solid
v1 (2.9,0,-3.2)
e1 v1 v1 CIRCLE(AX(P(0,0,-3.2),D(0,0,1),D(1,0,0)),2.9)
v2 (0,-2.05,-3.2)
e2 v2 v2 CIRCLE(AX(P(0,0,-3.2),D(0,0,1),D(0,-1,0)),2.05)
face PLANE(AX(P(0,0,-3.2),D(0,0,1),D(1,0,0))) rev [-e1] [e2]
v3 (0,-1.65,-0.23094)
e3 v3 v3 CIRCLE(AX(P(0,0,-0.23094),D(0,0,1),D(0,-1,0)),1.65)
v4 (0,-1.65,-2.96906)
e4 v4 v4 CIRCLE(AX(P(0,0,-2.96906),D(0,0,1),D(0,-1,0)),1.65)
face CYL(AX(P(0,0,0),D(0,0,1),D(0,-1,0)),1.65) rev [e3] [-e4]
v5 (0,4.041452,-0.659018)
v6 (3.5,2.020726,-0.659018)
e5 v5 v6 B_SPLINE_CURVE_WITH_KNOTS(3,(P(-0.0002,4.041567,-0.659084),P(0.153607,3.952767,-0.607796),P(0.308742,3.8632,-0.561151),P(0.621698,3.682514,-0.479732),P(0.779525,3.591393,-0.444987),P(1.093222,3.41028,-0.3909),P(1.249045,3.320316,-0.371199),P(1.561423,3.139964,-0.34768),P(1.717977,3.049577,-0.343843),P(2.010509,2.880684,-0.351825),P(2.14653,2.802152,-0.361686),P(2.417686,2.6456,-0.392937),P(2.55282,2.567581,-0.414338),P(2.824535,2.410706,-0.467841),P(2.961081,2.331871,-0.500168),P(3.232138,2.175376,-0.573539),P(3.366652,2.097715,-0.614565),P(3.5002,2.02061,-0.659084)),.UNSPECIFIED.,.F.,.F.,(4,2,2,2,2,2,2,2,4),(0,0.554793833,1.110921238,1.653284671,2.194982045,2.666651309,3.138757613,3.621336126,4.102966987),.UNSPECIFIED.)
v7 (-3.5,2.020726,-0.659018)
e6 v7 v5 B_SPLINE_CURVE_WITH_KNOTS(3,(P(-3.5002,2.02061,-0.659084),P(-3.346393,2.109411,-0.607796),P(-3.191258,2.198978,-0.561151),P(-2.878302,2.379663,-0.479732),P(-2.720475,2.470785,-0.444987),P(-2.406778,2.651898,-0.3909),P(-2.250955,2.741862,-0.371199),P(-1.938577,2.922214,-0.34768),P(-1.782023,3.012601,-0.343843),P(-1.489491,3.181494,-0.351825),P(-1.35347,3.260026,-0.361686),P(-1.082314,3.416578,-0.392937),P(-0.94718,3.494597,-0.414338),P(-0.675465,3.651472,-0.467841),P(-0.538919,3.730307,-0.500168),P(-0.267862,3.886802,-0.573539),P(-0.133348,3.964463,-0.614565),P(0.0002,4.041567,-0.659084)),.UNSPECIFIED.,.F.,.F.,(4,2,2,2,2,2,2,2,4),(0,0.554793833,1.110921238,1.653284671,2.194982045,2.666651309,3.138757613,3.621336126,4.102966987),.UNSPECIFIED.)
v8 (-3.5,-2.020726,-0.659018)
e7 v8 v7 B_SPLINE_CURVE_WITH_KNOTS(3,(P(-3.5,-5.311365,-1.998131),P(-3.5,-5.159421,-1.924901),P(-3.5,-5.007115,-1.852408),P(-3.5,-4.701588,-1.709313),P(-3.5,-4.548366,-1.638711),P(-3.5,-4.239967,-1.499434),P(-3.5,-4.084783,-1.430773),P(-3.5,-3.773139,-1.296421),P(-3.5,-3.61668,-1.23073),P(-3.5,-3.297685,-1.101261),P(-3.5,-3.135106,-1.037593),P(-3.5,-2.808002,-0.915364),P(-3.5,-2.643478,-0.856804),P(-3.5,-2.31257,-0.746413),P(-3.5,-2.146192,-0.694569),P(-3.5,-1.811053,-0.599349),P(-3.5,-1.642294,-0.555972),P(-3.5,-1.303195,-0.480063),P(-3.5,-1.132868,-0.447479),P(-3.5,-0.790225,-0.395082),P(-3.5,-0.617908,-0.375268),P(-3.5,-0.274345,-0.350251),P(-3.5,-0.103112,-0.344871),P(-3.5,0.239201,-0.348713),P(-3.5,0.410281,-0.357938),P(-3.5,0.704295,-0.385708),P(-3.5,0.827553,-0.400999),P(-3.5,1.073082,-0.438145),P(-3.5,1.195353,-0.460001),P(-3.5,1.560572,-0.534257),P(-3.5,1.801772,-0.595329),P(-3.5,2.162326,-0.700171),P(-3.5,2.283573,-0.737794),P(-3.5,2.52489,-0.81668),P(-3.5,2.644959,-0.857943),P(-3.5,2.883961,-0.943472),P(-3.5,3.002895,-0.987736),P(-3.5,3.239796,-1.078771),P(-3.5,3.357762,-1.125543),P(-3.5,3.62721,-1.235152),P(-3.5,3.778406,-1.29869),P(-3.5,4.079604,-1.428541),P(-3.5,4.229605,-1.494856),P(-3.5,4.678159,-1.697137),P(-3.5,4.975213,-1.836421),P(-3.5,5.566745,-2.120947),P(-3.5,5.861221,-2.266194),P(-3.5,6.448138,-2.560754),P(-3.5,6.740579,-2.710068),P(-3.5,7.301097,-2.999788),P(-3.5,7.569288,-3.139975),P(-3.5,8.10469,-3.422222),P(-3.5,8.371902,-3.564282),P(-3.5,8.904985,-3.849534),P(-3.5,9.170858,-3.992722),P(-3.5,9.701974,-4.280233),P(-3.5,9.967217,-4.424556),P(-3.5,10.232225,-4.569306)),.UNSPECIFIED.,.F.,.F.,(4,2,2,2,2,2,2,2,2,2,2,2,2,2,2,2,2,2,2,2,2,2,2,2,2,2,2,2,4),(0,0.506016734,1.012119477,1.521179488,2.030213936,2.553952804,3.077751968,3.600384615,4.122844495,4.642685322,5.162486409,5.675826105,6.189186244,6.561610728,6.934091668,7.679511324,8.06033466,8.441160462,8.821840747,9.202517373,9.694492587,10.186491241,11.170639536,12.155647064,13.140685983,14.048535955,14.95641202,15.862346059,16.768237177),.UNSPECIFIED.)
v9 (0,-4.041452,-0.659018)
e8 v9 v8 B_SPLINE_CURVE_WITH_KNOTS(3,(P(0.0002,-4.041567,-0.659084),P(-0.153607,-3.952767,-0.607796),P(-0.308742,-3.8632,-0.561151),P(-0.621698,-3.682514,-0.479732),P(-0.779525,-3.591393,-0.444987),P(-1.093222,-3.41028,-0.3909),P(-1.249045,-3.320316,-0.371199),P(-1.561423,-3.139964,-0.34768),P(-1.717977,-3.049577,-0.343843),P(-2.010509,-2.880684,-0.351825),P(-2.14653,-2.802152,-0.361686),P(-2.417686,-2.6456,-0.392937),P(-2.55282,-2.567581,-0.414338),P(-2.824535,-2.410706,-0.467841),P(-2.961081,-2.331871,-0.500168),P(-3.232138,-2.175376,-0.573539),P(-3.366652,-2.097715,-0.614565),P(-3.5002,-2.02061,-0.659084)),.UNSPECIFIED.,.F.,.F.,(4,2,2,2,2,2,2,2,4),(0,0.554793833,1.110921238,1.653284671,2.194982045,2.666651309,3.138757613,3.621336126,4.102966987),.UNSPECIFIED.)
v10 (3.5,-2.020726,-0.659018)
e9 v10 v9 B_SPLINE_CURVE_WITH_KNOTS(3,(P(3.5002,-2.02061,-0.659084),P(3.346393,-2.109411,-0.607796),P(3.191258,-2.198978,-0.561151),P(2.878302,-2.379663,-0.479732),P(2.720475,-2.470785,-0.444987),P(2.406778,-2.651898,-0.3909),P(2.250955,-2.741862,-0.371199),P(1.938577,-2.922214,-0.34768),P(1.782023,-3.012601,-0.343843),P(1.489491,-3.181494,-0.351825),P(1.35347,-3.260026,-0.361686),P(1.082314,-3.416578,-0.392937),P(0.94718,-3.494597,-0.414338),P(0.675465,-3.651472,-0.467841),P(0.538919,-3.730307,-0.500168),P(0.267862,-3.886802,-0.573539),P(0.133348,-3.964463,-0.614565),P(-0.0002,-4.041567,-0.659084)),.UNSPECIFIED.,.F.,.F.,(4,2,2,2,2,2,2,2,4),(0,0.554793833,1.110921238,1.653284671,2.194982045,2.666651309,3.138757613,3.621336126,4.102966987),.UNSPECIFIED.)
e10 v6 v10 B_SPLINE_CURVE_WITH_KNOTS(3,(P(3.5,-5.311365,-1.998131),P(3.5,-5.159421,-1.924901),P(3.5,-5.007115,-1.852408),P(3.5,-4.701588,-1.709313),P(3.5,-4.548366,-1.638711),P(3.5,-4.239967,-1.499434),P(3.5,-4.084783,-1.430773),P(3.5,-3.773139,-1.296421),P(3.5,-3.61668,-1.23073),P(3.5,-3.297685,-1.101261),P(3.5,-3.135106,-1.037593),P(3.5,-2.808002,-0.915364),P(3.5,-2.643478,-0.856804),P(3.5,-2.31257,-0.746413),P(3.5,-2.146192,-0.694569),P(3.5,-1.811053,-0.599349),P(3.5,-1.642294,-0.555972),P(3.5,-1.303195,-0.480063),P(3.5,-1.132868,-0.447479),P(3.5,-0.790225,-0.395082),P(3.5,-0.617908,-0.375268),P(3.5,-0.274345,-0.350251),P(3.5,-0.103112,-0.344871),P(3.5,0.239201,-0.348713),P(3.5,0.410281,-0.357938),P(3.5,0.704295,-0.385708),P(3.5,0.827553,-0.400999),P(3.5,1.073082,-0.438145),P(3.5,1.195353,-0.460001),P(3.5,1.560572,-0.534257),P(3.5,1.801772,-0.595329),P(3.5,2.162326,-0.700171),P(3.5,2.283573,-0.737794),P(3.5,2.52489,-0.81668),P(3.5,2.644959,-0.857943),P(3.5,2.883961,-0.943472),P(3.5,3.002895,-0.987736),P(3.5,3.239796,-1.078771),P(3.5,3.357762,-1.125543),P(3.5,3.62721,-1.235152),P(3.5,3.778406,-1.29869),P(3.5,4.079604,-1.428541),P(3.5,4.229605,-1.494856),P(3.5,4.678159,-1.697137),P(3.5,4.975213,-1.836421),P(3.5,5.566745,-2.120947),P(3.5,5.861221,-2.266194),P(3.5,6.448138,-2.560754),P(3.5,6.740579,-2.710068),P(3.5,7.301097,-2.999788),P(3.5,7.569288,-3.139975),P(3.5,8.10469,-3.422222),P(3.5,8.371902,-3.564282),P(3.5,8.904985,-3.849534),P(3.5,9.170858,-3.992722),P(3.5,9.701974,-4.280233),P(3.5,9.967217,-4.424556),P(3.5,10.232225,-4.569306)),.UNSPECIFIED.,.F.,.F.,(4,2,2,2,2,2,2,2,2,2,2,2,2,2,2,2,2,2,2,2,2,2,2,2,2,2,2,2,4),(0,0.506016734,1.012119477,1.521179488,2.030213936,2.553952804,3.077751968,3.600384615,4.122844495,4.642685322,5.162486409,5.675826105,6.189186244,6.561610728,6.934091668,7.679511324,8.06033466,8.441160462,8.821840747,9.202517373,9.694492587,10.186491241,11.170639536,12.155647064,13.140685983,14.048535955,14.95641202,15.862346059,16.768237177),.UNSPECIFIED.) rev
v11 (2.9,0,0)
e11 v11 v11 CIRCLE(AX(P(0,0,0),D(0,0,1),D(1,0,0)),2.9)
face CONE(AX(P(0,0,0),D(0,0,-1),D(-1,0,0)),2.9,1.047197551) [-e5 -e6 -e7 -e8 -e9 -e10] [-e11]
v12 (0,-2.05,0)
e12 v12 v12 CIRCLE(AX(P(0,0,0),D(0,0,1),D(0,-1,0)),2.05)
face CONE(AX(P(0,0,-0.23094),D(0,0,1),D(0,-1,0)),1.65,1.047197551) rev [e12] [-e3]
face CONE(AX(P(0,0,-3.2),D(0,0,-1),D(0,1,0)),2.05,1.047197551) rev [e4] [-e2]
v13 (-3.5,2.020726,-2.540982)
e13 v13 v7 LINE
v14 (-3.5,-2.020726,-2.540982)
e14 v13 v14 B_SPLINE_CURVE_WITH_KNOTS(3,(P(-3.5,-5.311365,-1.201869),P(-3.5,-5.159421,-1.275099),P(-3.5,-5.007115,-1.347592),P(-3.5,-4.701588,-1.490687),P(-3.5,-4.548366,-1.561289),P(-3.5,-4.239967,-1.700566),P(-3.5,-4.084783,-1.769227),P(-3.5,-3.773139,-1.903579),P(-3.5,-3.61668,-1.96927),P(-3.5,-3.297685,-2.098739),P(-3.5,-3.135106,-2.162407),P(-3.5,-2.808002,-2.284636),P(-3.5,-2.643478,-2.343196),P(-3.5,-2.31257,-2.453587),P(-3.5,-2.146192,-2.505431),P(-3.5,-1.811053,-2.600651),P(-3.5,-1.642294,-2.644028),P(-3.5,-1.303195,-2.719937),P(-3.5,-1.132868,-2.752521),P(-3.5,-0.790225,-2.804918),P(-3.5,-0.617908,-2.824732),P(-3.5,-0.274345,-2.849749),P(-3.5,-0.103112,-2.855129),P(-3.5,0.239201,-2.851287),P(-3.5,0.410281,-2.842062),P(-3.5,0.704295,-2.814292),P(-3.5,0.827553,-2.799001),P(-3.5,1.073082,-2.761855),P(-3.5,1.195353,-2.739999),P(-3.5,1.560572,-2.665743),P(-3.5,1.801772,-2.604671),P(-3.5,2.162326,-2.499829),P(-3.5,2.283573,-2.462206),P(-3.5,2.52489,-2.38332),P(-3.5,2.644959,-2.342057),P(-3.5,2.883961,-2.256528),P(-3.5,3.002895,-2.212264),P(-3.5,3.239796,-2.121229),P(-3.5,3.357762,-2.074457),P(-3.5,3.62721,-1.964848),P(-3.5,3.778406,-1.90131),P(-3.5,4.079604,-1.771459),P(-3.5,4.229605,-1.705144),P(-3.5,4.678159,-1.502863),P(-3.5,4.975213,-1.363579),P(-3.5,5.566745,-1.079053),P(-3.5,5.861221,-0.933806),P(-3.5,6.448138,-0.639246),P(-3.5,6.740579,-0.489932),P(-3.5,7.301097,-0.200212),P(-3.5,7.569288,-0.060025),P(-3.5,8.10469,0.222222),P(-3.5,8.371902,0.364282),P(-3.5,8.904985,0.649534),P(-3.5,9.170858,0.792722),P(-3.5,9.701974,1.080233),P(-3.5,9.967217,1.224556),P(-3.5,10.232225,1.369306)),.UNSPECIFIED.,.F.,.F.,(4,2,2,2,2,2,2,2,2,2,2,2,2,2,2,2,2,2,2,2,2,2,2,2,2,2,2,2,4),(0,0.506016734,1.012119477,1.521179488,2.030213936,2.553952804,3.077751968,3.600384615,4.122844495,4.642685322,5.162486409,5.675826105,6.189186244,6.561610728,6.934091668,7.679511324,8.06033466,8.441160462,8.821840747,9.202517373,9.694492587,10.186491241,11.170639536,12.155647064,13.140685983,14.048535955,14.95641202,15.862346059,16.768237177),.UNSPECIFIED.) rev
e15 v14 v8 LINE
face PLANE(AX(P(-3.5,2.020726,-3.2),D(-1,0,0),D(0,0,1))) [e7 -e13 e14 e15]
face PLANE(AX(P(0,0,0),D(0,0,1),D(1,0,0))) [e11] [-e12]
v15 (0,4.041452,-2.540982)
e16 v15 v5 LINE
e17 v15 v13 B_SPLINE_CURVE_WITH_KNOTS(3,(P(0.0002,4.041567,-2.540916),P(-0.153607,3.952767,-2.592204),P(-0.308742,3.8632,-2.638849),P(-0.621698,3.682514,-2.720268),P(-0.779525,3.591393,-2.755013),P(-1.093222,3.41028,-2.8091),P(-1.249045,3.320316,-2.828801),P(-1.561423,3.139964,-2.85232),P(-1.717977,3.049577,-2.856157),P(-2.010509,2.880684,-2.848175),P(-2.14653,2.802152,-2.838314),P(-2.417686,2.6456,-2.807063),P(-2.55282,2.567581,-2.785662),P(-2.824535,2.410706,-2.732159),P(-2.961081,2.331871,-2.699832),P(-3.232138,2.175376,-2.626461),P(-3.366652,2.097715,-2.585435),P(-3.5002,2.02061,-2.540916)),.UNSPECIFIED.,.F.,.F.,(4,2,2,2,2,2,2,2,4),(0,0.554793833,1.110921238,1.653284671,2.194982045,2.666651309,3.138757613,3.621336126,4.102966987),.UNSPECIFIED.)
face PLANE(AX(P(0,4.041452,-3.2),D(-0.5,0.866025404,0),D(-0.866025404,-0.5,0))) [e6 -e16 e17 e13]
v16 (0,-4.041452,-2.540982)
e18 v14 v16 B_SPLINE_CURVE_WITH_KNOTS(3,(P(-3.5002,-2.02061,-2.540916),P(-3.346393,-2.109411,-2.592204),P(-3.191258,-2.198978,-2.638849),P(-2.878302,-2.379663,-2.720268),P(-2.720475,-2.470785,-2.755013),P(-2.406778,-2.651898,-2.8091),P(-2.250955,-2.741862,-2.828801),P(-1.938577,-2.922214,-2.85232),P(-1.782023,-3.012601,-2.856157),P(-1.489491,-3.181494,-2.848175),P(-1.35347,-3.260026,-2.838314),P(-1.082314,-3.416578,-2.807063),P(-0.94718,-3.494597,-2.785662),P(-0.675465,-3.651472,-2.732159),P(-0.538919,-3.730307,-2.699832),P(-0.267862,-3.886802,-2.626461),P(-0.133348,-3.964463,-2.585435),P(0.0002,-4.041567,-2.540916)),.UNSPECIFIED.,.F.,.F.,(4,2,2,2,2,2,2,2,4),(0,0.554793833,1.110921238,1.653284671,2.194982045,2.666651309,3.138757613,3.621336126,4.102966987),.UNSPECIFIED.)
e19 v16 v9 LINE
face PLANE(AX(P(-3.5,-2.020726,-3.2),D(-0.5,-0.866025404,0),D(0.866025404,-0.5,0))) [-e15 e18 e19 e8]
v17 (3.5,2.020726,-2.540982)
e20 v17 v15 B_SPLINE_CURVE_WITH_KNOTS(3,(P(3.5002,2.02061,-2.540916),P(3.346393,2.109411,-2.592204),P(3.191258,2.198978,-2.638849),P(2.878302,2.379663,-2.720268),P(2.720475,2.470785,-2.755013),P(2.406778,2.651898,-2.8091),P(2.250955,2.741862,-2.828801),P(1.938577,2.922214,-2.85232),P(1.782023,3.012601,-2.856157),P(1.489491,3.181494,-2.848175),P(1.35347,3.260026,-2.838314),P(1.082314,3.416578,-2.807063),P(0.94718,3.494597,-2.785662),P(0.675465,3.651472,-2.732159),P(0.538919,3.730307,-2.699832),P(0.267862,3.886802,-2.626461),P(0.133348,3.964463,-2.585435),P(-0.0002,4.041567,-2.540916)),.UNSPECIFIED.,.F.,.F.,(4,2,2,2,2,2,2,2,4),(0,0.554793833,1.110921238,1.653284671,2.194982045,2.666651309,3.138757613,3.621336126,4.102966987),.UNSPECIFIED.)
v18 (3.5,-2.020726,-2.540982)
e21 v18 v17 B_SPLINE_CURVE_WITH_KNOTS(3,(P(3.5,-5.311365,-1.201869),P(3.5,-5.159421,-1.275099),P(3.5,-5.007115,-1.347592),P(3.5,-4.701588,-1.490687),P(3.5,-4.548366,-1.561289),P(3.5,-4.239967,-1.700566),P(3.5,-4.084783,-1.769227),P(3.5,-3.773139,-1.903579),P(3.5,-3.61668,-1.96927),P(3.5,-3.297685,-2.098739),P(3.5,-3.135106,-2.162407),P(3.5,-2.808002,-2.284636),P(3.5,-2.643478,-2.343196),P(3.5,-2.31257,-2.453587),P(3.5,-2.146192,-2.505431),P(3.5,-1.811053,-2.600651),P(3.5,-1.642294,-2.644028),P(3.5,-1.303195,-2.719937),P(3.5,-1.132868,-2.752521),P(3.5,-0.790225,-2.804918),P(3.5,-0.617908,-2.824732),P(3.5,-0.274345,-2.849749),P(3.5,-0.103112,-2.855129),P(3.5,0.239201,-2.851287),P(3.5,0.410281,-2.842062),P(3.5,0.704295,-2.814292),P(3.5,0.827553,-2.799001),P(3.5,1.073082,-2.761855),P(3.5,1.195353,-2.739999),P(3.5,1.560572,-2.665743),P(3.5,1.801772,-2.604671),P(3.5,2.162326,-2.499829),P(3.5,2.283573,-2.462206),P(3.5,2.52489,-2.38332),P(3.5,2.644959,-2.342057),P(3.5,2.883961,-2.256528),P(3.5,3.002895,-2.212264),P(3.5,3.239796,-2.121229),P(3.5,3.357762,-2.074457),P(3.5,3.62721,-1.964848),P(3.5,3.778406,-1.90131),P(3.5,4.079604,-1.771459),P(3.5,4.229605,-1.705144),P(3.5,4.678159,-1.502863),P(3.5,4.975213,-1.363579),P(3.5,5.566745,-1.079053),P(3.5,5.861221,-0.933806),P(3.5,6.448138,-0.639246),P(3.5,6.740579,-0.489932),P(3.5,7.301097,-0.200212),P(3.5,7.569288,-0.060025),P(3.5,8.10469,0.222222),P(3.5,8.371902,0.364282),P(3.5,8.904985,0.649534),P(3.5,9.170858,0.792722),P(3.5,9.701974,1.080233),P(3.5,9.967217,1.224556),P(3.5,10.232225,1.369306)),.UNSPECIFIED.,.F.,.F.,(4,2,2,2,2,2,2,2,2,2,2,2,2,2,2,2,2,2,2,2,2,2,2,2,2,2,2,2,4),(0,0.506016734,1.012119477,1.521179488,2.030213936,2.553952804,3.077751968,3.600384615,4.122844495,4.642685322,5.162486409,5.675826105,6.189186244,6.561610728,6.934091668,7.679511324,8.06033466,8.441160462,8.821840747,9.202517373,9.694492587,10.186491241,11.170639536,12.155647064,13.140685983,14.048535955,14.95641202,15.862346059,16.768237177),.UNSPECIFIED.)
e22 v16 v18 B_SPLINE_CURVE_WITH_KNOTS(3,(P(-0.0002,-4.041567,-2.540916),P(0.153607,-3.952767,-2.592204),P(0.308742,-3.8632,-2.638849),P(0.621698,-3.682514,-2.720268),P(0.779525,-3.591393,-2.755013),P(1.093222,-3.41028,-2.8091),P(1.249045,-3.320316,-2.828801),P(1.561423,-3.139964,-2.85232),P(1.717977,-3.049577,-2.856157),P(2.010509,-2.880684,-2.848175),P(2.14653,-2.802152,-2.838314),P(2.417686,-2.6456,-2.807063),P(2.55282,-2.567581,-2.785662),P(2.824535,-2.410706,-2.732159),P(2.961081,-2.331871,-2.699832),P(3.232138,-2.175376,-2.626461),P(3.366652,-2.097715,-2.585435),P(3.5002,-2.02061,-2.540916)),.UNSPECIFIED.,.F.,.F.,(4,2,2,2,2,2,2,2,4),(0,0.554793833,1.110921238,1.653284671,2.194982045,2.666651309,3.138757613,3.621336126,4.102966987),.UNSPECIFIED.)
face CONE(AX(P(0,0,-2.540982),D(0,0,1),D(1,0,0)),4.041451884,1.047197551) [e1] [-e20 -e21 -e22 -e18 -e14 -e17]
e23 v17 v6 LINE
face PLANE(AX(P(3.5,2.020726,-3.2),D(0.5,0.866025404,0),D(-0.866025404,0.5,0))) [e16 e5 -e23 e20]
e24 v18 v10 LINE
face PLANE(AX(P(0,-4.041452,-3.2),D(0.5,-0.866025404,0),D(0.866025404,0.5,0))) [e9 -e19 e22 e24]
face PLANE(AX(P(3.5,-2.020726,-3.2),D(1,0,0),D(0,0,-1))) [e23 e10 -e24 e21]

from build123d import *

# Parameters (mm, degrees)
BOSS_EXTRUDE1_DEPTH = 3.2


with BuildPart() as part:
    # Sketch1 → Boss-Extrude1 (new body)
    with BuildSketch(Plane.XY):
        Polygon((0, 4.041451884), (-3.5, 2.020725942), (-3.5, -2.020725942), (0, -4.041451884), (3.5, -2.020725942), (3.5, 2.020725942), align=None)
    extrude(amount=-BOSS_EXTRUDE1_DEPTH)

    # Sketch4 → Cut-Revolve1 (revolve, cut)
    with BuildSketch(Plane(origin=(0, 0, 0), x_dir=(0, 0, -1), z_dir=(1, 0, 0))):
        Polygon((3.2, 4.041451884), (2.540982447, 4.041451884), (3.2, 2.9), align=None)
        Polygon((0, 4.041451884), (0.659017553, 4.041451884), (0, 2.9), align=None)
    revolve(axis=Axis((0, 0, 0), (0, 0, -1)), mode=Mode.SUBTRACT)

    # Sketch5 → Cut-Revolve2 (revolve, cut)
    with BuildSketch(Plane(origin=(0, 0, 0), x_dir=(0, 0, -1), z_dir=(1, 0, 0))):
        Polygon((0, 0), (0, 2.05), (0.230940108, 1.65), (2.969059892, 1.65), (3.2, 2.05), (3.2, 0), align=None)
    revolve(axis=Axis((0, 0, 0), (0, 0, -1)), mode=Mode.SUBTRACT)


solid = part.part
